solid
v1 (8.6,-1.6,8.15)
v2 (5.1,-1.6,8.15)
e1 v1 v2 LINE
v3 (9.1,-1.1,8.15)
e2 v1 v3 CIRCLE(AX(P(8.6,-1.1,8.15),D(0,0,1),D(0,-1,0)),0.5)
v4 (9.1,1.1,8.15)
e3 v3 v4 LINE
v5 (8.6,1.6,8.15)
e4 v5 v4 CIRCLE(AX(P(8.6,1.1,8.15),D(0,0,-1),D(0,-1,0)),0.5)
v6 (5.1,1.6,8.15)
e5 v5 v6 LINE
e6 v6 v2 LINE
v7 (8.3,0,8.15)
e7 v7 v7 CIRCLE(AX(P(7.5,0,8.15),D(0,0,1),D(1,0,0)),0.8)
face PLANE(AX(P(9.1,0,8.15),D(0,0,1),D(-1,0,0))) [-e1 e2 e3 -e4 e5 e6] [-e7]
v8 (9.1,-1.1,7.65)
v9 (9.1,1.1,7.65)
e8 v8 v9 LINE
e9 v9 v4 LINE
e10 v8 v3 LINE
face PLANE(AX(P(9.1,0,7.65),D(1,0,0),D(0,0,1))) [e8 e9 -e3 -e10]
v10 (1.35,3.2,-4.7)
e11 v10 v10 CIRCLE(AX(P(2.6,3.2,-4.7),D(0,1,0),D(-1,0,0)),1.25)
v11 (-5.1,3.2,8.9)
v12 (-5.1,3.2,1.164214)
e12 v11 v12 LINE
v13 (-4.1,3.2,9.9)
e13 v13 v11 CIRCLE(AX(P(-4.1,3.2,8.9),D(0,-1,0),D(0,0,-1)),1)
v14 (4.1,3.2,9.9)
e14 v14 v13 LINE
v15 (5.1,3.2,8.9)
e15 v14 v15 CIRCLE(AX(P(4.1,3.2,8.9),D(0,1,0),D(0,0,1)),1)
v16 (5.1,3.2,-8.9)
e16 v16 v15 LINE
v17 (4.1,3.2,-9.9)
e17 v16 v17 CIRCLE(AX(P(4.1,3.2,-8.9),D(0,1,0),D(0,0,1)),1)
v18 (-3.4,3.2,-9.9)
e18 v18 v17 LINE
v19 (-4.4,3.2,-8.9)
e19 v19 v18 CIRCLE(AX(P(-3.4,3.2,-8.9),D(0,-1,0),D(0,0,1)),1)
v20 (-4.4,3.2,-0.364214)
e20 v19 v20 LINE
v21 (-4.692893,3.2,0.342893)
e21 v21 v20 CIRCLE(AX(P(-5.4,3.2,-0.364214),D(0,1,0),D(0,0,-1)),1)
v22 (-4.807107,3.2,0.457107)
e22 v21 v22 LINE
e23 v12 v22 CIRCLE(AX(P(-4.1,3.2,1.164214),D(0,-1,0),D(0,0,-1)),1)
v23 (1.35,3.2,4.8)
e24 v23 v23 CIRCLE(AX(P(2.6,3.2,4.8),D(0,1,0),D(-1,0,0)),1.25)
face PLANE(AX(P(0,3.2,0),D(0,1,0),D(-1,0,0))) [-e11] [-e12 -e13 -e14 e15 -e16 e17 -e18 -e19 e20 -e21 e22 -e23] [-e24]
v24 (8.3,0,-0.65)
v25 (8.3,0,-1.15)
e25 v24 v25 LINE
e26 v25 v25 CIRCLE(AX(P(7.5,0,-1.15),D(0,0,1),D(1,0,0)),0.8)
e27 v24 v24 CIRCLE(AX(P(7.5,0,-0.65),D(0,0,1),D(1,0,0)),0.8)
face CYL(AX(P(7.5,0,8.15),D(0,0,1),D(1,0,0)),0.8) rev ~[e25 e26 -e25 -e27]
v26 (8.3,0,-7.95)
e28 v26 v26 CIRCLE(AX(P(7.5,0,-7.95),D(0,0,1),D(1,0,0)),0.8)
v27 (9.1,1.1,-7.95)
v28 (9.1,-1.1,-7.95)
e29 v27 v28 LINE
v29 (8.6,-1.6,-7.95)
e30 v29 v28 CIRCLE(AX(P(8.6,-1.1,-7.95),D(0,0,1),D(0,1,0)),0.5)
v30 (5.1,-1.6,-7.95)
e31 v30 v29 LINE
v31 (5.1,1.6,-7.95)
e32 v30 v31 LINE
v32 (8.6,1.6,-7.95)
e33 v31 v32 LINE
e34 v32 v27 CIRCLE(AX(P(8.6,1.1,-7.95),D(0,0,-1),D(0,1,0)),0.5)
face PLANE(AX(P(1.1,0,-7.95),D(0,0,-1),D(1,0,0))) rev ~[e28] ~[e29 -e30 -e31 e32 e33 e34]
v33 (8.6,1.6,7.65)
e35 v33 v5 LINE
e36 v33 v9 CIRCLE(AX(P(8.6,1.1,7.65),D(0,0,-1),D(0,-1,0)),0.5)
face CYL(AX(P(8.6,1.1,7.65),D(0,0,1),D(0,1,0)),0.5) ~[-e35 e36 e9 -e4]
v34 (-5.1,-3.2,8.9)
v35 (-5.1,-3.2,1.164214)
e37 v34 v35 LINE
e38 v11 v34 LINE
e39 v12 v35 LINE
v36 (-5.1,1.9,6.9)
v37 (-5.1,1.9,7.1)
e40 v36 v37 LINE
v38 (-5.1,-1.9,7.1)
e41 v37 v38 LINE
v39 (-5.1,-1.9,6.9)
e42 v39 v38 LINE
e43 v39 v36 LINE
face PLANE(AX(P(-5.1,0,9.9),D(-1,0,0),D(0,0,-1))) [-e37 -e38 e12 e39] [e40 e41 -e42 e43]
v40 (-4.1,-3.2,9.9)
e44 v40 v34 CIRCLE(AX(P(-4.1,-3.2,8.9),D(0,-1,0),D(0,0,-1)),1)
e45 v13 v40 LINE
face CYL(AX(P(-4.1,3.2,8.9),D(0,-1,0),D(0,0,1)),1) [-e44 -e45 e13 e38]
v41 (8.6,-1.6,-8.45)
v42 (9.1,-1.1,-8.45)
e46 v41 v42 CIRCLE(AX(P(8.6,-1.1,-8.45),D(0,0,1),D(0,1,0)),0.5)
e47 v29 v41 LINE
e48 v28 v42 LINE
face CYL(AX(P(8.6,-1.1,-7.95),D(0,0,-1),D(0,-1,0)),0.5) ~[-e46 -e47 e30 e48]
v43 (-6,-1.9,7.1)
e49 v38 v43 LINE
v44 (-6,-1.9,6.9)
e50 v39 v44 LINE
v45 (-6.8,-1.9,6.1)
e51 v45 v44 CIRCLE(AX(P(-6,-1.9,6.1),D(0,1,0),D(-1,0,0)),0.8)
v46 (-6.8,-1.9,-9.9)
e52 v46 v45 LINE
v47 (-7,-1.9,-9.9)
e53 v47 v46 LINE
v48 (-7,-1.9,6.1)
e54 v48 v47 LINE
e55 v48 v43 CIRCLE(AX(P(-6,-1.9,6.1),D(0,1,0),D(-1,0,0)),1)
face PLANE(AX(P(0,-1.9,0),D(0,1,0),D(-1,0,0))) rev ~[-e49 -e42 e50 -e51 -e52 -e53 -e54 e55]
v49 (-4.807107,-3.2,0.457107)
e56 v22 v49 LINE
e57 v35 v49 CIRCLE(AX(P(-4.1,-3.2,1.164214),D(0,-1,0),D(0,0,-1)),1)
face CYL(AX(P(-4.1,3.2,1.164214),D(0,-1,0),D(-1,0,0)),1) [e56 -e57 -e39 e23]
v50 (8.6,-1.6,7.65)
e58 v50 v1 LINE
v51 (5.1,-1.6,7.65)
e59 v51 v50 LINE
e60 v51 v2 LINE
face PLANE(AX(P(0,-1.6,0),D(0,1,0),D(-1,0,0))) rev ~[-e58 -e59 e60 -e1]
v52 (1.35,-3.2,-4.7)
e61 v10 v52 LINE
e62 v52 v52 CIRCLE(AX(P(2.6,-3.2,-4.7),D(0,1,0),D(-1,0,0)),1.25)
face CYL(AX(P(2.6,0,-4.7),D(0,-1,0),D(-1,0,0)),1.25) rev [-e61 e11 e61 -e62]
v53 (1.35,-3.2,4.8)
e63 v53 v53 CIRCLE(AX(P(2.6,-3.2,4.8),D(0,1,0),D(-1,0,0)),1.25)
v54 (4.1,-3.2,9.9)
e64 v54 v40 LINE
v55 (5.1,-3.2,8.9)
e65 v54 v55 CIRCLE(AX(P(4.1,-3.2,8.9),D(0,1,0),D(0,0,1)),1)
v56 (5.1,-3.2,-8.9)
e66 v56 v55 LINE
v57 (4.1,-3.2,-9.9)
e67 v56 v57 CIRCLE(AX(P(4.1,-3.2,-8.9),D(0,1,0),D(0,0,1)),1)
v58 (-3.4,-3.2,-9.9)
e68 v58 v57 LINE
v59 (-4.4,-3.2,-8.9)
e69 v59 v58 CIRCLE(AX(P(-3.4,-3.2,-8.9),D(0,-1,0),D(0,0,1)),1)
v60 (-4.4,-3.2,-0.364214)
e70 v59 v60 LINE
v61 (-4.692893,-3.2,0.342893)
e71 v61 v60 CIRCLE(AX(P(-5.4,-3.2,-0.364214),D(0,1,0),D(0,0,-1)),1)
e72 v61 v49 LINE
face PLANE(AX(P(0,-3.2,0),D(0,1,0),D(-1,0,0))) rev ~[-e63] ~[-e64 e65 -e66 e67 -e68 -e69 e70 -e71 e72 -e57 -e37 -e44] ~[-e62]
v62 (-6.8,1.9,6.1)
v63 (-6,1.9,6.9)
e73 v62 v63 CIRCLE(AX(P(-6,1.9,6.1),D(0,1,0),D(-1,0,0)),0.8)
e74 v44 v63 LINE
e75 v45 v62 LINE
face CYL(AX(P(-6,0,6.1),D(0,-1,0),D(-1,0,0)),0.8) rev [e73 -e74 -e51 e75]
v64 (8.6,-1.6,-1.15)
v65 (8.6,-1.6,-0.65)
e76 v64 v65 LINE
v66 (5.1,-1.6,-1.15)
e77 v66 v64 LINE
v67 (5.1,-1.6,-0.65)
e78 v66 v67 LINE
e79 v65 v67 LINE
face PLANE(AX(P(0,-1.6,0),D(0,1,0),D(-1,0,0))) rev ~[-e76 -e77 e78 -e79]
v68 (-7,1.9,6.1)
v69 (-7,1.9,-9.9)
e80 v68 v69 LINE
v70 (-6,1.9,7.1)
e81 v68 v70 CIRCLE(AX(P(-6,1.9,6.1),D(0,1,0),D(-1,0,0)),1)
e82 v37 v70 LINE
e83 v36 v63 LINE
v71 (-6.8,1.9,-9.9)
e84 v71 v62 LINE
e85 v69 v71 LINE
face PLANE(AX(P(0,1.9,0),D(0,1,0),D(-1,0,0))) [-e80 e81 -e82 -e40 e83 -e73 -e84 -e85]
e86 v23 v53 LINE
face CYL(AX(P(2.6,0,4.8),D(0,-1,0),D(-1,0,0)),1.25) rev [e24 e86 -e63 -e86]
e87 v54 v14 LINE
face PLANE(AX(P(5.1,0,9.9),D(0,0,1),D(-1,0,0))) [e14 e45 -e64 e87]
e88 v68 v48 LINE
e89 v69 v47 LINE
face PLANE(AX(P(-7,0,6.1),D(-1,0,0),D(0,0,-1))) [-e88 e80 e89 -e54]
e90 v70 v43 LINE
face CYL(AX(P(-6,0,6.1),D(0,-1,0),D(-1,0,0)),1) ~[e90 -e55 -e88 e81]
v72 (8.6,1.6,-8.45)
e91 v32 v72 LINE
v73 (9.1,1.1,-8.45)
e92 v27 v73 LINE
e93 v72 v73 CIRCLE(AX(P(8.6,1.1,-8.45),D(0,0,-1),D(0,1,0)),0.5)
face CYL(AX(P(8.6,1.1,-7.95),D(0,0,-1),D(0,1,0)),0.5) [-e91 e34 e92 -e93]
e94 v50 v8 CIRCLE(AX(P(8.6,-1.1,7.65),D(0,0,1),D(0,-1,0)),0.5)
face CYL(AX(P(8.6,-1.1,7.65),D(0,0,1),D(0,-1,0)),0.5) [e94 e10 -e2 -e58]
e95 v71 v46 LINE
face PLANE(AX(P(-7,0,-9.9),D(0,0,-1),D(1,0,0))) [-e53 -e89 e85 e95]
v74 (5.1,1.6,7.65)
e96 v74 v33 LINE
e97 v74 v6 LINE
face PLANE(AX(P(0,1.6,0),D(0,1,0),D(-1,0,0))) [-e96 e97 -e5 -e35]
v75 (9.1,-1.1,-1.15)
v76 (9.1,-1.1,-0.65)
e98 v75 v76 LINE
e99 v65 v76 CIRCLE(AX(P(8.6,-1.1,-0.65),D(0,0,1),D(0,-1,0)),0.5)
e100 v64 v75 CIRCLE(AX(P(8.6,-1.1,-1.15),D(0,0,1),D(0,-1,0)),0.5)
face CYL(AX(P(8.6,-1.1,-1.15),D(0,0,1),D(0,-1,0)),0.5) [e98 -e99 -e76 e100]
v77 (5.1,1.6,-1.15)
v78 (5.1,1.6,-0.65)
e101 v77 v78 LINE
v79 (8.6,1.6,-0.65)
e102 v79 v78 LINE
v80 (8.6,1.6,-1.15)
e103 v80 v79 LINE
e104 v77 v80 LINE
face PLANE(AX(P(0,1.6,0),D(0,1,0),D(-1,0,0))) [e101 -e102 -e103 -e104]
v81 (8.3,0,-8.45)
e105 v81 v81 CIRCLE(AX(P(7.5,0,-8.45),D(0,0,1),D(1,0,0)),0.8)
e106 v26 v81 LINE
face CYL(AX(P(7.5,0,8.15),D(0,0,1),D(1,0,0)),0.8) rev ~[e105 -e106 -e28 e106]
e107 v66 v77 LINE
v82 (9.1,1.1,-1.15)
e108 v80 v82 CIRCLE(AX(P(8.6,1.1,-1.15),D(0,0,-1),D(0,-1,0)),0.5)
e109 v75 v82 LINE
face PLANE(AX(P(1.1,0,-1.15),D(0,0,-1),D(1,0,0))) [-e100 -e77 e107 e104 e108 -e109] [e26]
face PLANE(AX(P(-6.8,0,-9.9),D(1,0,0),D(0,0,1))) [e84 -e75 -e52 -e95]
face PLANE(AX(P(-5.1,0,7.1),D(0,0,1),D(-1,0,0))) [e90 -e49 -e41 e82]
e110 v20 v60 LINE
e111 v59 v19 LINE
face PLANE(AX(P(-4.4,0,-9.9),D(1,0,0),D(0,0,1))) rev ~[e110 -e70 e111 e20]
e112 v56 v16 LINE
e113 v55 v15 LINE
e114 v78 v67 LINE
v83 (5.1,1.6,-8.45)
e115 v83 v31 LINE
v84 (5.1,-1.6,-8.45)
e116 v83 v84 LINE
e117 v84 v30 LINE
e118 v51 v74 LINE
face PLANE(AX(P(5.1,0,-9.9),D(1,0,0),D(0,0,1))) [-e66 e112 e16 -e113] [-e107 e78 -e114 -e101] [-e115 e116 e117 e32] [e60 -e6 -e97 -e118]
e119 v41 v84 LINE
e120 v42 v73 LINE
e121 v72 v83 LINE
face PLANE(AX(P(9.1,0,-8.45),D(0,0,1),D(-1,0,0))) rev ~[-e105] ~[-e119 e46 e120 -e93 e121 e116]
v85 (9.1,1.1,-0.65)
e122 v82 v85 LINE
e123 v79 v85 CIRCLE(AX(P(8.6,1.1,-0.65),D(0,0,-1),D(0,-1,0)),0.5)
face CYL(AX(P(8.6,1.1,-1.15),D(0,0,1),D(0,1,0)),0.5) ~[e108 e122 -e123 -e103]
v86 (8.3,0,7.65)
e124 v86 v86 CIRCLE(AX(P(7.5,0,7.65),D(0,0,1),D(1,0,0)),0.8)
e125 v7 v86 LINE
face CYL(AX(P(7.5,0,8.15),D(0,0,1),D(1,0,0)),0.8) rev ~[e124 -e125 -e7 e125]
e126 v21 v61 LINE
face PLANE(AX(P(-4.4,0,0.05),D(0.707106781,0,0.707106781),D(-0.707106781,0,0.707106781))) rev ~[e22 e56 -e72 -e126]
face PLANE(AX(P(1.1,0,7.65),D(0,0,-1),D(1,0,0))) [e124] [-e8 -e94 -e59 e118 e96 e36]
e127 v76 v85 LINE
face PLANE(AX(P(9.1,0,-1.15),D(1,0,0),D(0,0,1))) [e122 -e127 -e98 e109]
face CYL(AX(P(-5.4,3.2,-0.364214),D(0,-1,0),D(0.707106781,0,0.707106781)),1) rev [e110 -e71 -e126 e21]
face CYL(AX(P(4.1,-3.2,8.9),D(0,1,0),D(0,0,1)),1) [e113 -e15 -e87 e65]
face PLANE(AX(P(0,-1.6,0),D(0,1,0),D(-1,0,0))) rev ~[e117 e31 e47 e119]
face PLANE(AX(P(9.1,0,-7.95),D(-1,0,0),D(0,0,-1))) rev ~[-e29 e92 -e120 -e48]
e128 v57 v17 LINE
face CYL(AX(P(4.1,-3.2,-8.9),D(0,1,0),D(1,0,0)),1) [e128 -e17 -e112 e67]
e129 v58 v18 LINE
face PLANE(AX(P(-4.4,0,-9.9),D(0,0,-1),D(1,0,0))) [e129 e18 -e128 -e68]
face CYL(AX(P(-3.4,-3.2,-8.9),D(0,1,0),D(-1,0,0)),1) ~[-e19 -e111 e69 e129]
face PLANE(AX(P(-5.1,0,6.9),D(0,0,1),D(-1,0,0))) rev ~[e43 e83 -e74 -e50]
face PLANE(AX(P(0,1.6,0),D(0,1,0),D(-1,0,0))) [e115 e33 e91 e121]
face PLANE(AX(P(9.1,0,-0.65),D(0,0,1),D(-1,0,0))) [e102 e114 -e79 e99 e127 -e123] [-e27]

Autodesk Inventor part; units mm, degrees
ref_plane "YZ Plane" through (0, 0, 0) normal (1, 0, 0) x (0, 1, 0)
ref_plane "XZ Plane" through (0, 0, 0) normal (0, 1, 0) x (-1, 0, 0)
ref_plane "XY Plane" through (0, 0, 0) normal (0, 0, 1) x (1, 0, 0)
sketch "Sketch1" plane through (0, 0, 0) normal (0, 1, 0) x (-1, 0, 0)
  line L0 (-5.1, 9.9) -> (5.1, 9.9)
  line L1 (5.1, 9.9) -> (5.1, 0.75)
  line L2 (5.1, -9.9) -> (4.4, -9.9) construction
  line L3 (-5.1, -9.9) -> (-5.1, 9.9)
  line L4 (-5.1, 9.9) -> (5.1, -9.9) construction
  line L5 (5.1, 9.9) -> (-5.1, -9.9) construction
  line L6 (0, 9.9) -> (0, 4.8) construction
  line L7 (0, 9.9) -> (5.1, 9.9) construction
  line L8 (-5.1, 4.8) -> (-2.6, 4.8) construction
  circle A0 centre (-2.6, 4.8) radius 1.25
  line L9 (-2.6, 4.8) -> (-2.6, -4.7) construction
  line L10 (-2.6, 4.8) -> (6.9, 4.8) construction
  circle A1 centre (-2.6, -4.7) radius 1.25
  line L11 (-5.1, -9.9) -> (4.4, -9.9) construction
  line L12 (-5.1, -9.9) -> (4.4, -9.9) construction
  line L13 (4.4, -9.9) -> (4.4, 0.05)
  line L14 (4.4, 0.05) -> (5.1, 0.75)
  line L15 (5.1, 0.75) -> (5.1, -9.9) construction
  line L16 (4.4, -9.9) -> (-5.1, -9.9)
  point P0 (0, 0)
  dimension "d0" = 10.2
  dimension "d1" = 19.8
  dimension "d3" = 90
  dimension "d4" = 2.5
  dimension "d5" = 5.1
  dimension "d6" = 0
  dimension "d7" = 2.5
  dimension "d8" = 9.5
  dimension "d9" = 90
  dimension "d10" = 2.5
  dimension "d11" = 9.5
  dimension "d12" = 0
  dimension "d13" = 135
  dimension "d14" = 3.0759
extrude "Extrusion1" add sketch "Sketch1" along normal mid plane 6.4
sketch "Sketch2" plane through (0, 0, 0) normal (0, 1, 0) x (-1, 0, 0)
  line L0 (5.1, 9.9) -> (-5.1, 9.9) construction
  line L1 (-5.1, -9.9) -> (5.1, -9.9) construction
  line L2 (5.1, -9.9) -> (5.1, 9.9) construction
  line L3 (5.1, 9.9) -> (-5.1, 9.9) construction
  line L4 (-5.1, 9.9) -> (-5.1, -9.9) construction
  line L5 (-5.1, -9.9) -> (5.1, 9.9) construction
  line L6 (5.1, -9.9) -> (-5.1, 9.9) construction
  line L7 (5.1, 9.9) -> (5.1, 7.1) construction
  line L8 (5.1, 0.75) -> (5.1, 9.9) projected
  line L9 (5.1, 9.9) -> (7.9, 9.9) construction
  line L10 (5.1, 7.1) -> (7, 7.1) construction
  line L11 (5.1, 7.1) -> (7, 7.1) construction
  line L12 (7, 7.1) -> (7, -9.9) construction
  line L13 (6, 8.1) -> (8, 8.1) construction
  line L14 (8, 8.1) -> (8, 6.1) construction
  line L15 (8, 6.1) -> (6, 6.1) construction
  line L16 (6, 6.1) -> (6, 8.1) construction
  line L17 (6, 8.1) -> (8, 6.1) construction
  line L18 (8, 8.1) -> (6, 6.1) construction
  line L19 (5.1, 7.1) -> (6, 7.1)
  arc A0 (7, 6.1) -> (6, 7.1) centre (6, 6.1) ccw
  line L20 (7, 6.1) -> (7, -9.9)
  line L21 (7, -9.9) -> (6.8, -9.9)
  line L22 (6.8, -9.9) -> (6.8, 6.1)
  line L23 (5.1, 7.1) -> (5.1, 6.9)
  line L24 (5.1, 6.9) -> (6, 6.9)
  arc A1 (6.8, 6.1) -> (6, 6.9) centre (6, 6.1) ccw
  point P0 (0, 0)
  dimension "d17" = 2.8
  dimension "d18" = 90
  dimension "d19" = 1.9
  dimension "d20" = 0
  dimension "d21" = 2
  dimension "d22" = 2
  dimension "d23" = 0.2
  dimension "d24" = 90
  dimension "d25" = 0.2
extrude "Extrusion2" add sketch "Sketch2" along normal mid plane 3.8
sketch "Sketch3" plane through (0, 0, 0) normal (0, 1, 0) x (-1, 0, 0)
  line L0 (-5.1, 9.9) -> (-5.1, -9.9) construction
  line L1 (5.1, 9.9) -> (-5.1, 9.9) construction
  line L2 (-5.1, 9.9) -> (-5.1, -9.9) construction
  line L3 (-5.1, -9.9) -> (5.1, -9.9) construction
  line L4 (5.1, -9.9) -> (5.1, 9.9) construction
  line L5 (5.1, 9.9) -> (-5.1, -9.9) construction
  line L6 (-5.1, 9.9) -> (5.1, -9.9) construction
  line L7 (-5.1, 9.9) -> (-5.1, 7.9) construction
  line L8 (-5.1, 7.9) -> (-5.1, -0.9) construction
  line L9 (-5.1, -0.9) -> (-5.1, -8.2) construction
  line L10 (-9.1, 8.15) -> (-1.1, 8.15)
  line L11 (-1.1, 8.15) -> (-1.1, 7.65)
  line L12 (-1.1, 7.65) -> (-9.1, 7.65)
  line L13 (-9.1, 7.65) -> (-9.1, 8.15)
  line L14 (-9.1, 8.15) -> (-1.1, 7.65) construction
  line L15 (-1.1, 8.15) -> (-9.1, 7.65) construction
  line L16 (-9.1, -0.65) -> (-1.1, -0.65)
  line L17 (-1.1, -0.65) -> (-1.1, -1.15)
  line L18 (-1.1, -1.15) -> (-9.1, -1.15)
  line L19 (-9.1, -1.15) -> (-9.1, -0.65)
  line L20 (-9.1, -0.65) -> (-1.1, -1.15) construction
  line L21 (-1.1, -0.65) -> (-9.1, -1.15) construction
  line L22 (-9.1, -8.45) -> (-1.1, -8.45)
  line L23 (-1.1, -8.45) -> (-1.1, -7.95)
  line L24 (-1.1, -7.95) -> (-9.1, -7.95)
  line L25 (-9.1, -7.95) -> (-9.1, -8.45)
  line L26 (-9.1, -8.45) -> (-1.1, -7.95) construction
  line L27 (-1.1, -8.45) -> (-9.1, -7.95) construction
  point P0 (0, 0)
  dimension "d28" = 2
  dimension "d29" = 8.8
  dimension "d30" = 7.3
  dimension "d31" = 8
  dimension "d32" = 0.5
  dimension "d33" = 8
  dimension "d34" = 0.5
  dimension "d35" = 8
  dimension "d36" = 0.5
extrude "Extrusion3" add sketch "Sketch3" along normal mid plane 3.2
sketch "Sketch4" plane through (5.1, -1.6, 8.15) normal (0, 0, 1) x (1, 0, 0)
  line L0 (0, 3.2) -> (4, 3.2) construction
  line L1 (4, 0) -> (0, 0) construction
  line L2 (4, 3.2) -> (0.8, 3.2) construction
  line L3 (0.8, 3.2) -> (0.8, 0) construction
  line L4 (0.8, 0) -> (4, 0) construction
  line L5 (4, 0) -> (4, 3.2) construction
  line L6 (0.8, 3.2) -> (4, 0) construction
  line L7 (0.8, 0) -> (4, 3.2) construction
  circle A0 centre (2.4, 1.6) radius 0.8
  point P0 (-5.1, 1.6)
  dimension "d39" = 3.2
  dimension "d40" = 1.6
extrude "Extrusion4" cut sketch "Sketch4" against normal blind 40
fillet "Fillet1" radius 1 6 edges at (5.1, 0, 9.9) (-5.1, 0, 9.9) (-4.4, 0, -9.9) (5.1, 0, -9.9) (-4.4, 0, 0.05) (-5.1, 0, 0.75)
fillet "Fillet2" radius 0.5 6 edges at (9.1, 1.6, -8.2) (9.1, -1.6, -8.2) (9.1, -1.6, -0.9) (9.1, 1.6, -0.9) (9.1, -1.6, 7.9) (9.1, 1.6, 7.9)
properties part number "endstop_maszyna"
